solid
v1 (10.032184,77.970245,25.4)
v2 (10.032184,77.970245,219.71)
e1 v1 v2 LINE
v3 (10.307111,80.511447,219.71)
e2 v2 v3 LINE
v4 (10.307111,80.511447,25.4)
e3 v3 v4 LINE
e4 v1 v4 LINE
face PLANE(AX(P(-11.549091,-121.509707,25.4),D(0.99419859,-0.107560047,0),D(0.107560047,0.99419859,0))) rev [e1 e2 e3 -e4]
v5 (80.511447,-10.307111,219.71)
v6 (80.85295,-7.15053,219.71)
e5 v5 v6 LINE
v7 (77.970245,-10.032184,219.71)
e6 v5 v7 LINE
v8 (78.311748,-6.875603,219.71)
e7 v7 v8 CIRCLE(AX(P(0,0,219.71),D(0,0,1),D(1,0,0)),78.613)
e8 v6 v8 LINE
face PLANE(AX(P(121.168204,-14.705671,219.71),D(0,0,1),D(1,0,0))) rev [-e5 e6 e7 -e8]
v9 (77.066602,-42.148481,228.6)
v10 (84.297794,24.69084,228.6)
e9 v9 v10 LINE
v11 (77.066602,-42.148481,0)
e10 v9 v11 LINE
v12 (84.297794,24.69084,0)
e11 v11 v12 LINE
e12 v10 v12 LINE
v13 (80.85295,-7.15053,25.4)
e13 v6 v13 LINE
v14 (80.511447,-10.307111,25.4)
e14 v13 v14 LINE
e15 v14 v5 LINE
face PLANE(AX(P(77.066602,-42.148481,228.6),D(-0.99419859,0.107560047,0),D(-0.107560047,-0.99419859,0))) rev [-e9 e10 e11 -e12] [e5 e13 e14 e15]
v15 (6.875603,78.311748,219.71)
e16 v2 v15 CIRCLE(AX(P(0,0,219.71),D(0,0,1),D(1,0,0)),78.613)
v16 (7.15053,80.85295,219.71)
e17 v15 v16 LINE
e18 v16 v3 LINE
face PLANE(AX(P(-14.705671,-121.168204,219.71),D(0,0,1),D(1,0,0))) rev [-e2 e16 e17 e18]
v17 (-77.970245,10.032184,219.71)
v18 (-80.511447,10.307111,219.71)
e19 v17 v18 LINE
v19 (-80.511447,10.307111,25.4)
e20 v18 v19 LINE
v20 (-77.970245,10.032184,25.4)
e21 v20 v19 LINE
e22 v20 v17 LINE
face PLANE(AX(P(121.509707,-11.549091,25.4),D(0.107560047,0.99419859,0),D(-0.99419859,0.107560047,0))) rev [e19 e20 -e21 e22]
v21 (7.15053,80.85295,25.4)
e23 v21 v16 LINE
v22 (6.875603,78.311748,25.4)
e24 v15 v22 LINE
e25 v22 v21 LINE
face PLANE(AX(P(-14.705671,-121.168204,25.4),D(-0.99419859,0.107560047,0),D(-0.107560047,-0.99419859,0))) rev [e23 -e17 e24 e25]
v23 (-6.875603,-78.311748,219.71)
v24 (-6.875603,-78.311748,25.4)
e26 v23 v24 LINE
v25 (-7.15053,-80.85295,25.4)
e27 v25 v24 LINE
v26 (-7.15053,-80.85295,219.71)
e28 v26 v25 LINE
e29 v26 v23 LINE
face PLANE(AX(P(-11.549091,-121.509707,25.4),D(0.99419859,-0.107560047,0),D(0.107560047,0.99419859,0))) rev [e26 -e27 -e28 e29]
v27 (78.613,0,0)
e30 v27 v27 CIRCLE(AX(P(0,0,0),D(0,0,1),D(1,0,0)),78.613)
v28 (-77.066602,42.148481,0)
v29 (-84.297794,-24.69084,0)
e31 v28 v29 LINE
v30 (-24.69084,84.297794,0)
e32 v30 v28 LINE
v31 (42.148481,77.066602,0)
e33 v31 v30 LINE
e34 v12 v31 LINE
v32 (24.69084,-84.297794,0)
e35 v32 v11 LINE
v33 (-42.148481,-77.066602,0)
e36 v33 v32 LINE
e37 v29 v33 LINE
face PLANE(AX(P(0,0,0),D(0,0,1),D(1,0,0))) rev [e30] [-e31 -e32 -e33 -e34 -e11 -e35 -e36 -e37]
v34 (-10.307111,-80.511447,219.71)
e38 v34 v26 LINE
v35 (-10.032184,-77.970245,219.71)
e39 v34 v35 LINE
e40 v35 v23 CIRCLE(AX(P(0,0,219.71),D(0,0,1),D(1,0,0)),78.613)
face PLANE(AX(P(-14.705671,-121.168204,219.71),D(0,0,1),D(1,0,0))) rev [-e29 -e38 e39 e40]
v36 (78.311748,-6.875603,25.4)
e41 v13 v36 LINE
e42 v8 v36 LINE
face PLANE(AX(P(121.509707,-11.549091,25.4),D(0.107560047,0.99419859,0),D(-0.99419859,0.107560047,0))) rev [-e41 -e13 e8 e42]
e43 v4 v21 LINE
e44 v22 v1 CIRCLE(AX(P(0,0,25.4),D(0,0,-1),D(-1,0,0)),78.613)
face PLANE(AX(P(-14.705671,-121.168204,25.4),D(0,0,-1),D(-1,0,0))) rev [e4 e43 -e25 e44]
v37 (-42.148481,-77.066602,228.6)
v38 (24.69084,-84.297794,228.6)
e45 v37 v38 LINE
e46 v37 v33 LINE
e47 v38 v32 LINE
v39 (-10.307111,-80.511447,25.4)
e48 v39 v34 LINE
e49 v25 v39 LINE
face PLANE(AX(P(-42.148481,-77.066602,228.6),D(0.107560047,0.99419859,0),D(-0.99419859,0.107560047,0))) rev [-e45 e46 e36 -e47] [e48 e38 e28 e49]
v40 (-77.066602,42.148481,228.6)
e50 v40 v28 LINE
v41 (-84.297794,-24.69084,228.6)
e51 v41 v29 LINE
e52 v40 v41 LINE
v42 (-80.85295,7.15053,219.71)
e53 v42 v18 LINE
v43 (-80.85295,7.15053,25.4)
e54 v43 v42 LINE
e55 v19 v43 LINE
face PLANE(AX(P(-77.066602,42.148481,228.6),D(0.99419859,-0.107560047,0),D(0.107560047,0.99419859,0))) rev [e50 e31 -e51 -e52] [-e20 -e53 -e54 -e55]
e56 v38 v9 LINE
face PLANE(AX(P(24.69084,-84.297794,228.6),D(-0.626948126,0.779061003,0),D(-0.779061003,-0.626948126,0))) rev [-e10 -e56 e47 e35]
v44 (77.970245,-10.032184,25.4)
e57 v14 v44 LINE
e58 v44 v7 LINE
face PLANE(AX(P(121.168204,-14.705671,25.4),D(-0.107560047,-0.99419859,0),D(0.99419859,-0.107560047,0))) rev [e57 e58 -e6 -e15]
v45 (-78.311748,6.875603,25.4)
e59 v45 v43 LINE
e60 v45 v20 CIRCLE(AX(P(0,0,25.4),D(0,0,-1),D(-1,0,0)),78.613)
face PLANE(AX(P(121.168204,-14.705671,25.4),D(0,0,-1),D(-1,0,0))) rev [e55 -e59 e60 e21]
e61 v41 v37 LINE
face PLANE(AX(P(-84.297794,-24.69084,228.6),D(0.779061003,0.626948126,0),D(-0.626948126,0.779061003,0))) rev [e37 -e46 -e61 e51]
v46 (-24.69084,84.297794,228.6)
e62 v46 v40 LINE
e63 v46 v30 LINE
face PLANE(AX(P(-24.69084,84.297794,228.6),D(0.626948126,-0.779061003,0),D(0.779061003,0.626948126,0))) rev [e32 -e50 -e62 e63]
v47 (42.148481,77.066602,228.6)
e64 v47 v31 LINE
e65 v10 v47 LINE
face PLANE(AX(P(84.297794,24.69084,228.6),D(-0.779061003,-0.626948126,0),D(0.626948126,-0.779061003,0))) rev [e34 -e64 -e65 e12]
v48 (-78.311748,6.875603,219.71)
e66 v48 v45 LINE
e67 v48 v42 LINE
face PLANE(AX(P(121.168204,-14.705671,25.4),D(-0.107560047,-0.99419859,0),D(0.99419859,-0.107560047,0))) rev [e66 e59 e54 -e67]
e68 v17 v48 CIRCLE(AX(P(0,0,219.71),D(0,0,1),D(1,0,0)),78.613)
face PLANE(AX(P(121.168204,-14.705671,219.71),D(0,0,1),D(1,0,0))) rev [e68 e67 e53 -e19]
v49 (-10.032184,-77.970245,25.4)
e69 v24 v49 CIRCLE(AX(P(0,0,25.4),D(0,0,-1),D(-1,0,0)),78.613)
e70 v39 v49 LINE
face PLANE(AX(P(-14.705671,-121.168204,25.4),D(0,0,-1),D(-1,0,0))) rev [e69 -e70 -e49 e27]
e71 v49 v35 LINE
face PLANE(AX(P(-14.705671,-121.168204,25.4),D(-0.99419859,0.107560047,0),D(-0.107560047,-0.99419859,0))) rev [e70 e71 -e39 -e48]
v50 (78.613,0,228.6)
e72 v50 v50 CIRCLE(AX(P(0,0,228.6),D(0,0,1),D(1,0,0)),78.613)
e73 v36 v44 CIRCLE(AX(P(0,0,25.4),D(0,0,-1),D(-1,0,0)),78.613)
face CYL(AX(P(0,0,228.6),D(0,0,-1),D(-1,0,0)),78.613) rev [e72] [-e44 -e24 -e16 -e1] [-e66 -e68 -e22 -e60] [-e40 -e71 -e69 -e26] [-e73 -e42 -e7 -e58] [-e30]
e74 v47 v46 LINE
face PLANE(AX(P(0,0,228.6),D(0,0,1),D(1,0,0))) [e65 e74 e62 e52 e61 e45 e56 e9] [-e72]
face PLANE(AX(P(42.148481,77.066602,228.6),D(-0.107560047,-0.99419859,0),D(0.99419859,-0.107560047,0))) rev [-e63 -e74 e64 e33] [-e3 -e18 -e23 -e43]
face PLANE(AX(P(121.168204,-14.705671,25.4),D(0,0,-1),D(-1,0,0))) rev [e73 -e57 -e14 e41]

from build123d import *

# Parameters (mm, degrees)
SKETCH1_R           = 78.613
BOSS_EXTRUDE1_DEPTH = 228.6
SKETCH2_W           = 3.175
SKETCH2_H           = 194.31
CUT_EXTRUDE1_DEPTH  = 203.2
SKETCH5_W           = 194.31
SKETCH5_H           = 3.175
CUT_EXTRUDE2_DEPTH  = 203.2


with BuildPart() as part:
    # Sketch1 → Boss-Extrude1 (new body)
    with BuildSketch(Plane.XY):
        Polygon((77.066602343, -42.148481212), (84.297794001, 24.690840238), (42.148481212, 77.066602343), (-24.690840238, 84.297794001), (-77.066602343, 42.148481212), (-84.297794001, -24.690840238), (-42.148481212, -77.066602343), (24.690840238, -84.297794001), align=None)
        Circle(SKETCH1_R, mode=Mode.SUBTRACT)
    extrude(amount=BOSS_EXTRUDE1_DEPTH)

    # Sketch2 → Cut-Extrude1 (cut)
    with BuildSketch(Plane(origin=(8.728820487, 80.682198172, 0), x_dir=(0.99419859, -0.107560047, 0), z_dir=(0.107560047, 0.99419859, 0))):
        with Locations((0, -122.555)):
            Rectangle(SKETCH2_W, SKETCH2_H)
    extrude(amount=-CUT_EXTRUDE1_DEPTH, mode=Mode.SUBTRACT)

    # Sketch5 → Cut-Extrude2 (cut)
    with BuildSketch(Plane(origin=(-80.682198172, 8.728820487, 0), x_dir=(0, 0, 1), z_dir=(-0.99419859, 0.107560047, 0))):
        with Locations((122.555, 0)):
            Rectangle(SKETCH5_W, SKETCH5_H)
    extrude(amount=-CUT_EXTRUDE2_DEPTH, mode=Mode.SUBTRACT)


solid = part.part
